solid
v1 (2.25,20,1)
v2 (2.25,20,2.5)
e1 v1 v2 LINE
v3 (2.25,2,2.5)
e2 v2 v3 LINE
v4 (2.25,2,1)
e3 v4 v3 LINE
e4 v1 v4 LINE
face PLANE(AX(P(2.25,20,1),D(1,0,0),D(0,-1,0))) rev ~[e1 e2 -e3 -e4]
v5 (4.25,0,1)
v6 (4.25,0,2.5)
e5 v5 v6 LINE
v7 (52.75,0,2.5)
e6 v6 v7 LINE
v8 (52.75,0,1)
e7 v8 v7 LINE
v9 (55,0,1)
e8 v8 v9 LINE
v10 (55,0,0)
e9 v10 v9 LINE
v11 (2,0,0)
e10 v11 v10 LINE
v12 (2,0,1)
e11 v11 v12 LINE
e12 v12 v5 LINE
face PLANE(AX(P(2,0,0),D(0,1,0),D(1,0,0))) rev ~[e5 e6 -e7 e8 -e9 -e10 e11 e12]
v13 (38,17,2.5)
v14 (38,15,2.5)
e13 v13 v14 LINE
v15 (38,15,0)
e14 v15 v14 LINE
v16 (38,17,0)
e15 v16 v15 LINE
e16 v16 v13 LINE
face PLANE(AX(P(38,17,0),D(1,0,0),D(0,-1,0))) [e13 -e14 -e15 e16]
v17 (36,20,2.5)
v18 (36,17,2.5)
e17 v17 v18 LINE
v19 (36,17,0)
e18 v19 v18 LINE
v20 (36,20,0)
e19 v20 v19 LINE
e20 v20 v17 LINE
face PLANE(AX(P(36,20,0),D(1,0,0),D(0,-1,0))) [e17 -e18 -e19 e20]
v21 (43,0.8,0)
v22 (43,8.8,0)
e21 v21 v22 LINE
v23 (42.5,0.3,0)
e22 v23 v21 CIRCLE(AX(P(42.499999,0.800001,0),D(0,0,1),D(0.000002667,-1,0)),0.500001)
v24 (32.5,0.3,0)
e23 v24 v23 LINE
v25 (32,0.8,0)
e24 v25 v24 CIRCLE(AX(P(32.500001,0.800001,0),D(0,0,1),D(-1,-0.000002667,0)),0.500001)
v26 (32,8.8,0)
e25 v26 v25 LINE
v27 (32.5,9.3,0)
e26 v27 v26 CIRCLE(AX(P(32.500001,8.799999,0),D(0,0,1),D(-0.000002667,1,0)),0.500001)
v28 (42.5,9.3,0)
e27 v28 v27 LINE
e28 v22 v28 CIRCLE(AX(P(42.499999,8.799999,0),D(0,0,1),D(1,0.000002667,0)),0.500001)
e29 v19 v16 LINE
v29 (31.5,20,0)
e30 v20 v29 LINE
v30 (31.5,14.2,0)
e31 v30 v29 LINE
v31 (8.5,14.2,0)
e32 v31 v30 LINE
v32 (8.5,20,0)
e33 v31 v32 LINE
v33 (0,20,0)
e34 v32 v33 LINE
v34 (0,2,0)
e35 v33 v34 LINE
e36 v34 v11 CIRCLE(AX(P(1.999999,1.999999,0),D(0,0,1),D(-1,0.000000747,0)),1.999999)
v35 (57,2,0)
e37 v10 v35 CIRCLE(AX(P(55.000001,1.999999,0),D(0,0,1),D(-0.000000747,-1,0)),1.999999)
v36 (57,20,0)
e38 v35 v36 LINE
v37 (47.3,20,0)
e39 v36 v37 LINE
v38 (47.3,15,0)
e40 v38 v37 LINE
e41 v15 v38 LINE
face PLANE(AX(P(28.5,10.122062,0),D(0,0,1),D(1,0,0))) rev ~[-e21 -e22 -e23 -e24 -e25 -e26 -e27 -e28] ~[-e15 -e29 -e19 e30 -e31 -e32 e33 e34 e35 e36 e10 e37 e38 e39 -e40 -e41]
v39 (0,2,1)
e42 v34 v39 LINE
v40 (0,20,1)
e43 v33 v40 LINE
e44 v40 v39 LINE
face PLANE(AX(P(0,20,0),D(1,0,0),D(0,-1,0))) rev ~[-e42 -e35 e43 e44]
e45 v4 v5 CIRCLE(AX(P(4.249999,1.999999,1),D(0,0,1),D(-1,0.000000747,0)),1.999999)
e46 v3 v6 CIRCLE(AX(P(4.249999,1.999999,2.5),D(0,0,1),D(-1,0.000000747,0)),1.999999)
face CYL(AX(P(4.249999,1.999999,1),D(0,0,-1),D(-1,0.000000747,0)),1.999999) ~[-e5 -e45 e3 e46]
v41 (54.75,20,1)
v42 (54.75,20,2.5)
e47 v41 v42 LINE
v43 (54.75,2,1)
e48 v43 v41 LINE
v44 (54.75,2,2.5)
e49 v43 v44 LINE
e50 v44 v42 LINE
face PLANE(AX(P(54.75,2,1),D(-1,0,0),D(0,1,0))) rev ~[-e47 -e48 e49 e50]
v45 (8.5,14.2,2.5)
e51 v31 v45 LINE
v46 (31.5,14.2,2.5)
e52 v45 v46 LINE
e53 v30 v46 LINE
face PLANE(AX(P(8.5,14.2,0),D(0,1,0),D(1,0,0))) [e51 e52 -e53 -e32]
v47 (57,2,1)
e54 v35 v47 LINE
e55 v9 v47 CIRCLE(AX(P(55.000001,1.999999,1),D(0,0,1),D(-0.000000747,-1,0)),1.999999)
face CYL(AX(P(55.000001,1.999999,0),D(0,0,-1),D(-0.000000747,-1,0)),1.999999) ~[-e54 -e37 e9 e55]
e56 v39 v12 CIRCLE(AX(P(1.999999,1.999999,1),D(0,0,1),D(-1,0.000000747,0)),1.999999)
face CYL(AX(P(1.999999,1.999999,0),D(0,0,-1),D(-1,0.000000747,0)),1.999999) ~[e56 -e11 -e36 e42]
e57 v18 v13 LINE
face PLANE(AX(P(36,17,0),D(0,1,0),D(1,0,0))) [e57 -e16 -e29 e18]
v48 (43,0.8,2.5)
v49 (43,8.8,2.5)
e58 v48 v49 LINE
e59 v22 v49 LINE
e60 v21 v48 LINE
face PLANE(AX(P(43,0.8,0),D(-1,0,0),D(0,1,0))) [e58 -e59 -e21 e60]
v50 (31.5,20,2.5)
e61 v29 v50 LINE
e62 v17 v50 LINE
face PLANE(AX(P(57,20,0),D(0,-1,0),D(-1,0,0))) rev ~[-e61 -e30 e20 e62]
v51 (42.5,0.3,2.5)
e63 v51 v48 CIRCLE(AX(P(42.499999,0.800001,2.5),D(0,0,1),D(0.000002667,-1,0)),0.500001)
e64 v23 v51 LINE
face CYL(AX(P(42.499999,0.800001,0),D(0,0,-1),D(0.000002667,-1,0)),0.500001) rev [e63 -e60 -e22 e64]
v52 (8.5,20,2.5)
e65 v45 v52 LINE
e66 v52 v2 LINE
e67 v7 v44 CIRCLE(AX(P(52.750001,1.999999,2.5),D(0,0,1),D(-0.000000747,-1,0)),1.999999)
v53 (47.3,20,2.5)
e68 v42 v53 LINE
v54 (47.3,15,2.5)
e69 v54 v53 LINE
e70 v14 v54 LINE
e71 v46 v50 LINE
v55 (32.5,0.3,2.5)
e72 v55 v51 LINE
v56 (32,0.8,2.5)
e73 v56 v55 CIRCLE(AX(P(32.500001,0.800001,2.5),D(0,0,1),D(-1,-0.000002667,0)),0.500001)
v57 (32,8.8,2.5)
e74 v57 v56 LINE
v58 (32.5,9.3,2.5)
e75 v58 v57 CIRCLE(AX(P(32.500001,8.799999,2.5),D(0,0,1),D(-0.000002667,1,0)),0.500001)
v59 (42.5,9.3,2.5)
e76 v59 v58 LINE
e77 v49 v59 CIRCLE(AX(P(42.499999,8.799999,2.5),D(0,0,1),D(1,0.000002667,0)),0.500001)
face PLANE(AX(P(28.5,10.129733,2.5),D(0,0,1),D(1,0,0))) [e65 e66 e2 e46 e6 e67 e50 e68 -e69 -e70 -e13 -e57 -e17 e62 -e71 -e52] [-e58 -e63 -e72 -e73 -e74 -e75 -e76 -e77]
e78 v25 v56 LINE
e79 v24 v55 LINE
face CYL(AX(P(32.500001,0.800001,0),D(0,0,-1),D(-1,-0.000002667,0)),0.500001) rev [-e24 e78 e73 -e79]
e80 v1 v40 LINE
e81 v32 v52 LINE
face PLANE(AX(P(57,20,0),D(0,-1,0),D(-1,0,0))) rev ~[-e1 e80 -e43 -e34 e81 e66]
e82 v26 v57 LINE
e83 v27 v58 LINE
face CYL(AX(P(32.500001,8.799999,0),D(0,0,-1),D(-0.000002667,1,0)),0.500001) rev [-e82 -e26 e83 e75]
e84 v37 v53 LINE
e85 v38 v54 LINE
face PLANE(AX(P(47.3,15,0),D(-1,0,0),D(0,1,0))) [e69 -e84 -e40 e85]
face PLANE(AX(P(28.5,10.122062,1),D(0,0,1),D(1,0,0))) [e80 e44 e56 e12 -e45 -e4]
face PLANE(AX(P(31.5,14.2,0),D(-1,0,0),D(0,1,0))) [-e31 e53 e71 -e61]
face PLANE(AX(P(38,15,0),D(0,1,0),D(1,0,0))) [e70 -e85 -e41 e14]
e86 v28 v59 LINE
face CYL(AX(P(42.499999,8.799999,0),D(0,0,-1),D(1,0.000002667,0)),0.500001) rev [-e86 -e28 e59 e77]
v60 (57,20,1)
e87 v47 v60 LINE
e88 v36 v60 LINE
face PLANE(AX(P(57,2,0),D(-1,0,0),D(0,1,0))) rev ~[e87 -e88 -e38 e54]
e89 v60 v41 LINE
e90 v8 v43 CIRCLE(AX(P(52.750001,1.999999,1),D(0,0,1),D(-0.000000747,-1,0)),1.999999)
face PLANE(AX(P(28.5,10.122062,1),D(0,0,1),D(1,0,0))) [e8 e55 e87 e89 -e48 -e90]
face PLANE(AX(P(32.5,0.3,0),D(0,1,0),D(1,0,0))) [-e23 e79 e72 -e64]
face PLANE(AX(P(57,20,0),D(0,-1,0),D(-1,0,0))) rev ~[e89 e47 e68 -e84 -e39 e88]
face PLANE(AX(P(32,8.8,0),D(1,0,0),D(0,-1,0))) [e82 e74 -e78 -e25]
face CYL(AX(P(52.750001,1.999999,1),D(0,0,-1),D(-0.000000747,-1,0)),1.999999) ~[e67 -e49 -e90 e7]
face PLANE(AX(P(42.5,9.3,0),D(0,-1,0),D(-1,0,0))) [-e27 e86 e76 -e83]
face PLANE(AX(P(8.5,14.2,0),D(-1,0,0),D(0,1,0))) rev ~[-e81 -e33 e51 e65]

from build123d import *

# Parameters (mm, degrees)
F1_DEPTH = 1
F3_DEPTH = 1.5
F4_W     = 23
F4_H     = 5.8
F5_DEPTH = 2.5


with BuildPart() as f1:
    # F0 (on Top) → F1 (new body)
    with BuildSketch(Plane.XY):
        with BuildLine():
            ThreePointArc((0, 2), (0.585786, 0.585786), (2, 0))
            Line((2, 0), (55, 0))
            ThreePointArc((55, 0), (56.414214, 0.585786), (57, 2))
            Line((57, 2), (57, 20))
            Line((57, 20), (0, 20))
            Line((0, 20), (0, 2))
        make_face()
    extrude(amount=F1_DEPTH)

    # F2 (on face) → F3 (join)
    with BuildSketch(Plane.XY.offset(1)):
        with BuildLine():
            Line((54.75, 20), (2.25, 20))
            Line((2.25, 20), (2.25, 2))
            ThreePointArc((2.25, 2), (2.835786, 0.585786), (4.25, 0))
            Line((4.25, 0), (52.75, 0))
            ThreePointArc((52.75, 0), (54.164214, 0.585786), (54.75, 2))
            Line((54.75, 2), (54.75, 20))
        make_face()
    extrude(amount=F3_DEPTH)

    # F4 (on face) → F5 (cut, through all)
    with BuildSketch(Plane.XY):
        with Locations((20, 17.1)):
            Rectangle(F4_W, F4_H)
        Polygon((47.3, 20), (36, 20), (36, 17), (38, 17), (38, 15), (47.3, 15), align=None)
        with BuildLine():
            Line((42.5, 9.3), (32.5, 9.3))
            ThreePointArc((32.5, 9.3), (32.146447, 9.153553), (32, 8.8))
            Line((32, 8.8), (32, 0.8))
            ThreePointArc((32, 0.8), (32.146447, 0.446447), (32.5, 0.3))
            Line((32.5, 0.3), (42.5, 0.3))
            ThreePointArc((42.5, 0.3), (42.853553, 0.446447), (43, 0.8))
            Line((43, 0.8), (43, 8.8))
            ThreePointArc((43, 8.8), (42.853553, 9.153553), (42.5, 9.3))
        make_face()
    extrude(amount=F5_DEPTH, mode=Mode.SUBTRACT)


solid = f1.part
